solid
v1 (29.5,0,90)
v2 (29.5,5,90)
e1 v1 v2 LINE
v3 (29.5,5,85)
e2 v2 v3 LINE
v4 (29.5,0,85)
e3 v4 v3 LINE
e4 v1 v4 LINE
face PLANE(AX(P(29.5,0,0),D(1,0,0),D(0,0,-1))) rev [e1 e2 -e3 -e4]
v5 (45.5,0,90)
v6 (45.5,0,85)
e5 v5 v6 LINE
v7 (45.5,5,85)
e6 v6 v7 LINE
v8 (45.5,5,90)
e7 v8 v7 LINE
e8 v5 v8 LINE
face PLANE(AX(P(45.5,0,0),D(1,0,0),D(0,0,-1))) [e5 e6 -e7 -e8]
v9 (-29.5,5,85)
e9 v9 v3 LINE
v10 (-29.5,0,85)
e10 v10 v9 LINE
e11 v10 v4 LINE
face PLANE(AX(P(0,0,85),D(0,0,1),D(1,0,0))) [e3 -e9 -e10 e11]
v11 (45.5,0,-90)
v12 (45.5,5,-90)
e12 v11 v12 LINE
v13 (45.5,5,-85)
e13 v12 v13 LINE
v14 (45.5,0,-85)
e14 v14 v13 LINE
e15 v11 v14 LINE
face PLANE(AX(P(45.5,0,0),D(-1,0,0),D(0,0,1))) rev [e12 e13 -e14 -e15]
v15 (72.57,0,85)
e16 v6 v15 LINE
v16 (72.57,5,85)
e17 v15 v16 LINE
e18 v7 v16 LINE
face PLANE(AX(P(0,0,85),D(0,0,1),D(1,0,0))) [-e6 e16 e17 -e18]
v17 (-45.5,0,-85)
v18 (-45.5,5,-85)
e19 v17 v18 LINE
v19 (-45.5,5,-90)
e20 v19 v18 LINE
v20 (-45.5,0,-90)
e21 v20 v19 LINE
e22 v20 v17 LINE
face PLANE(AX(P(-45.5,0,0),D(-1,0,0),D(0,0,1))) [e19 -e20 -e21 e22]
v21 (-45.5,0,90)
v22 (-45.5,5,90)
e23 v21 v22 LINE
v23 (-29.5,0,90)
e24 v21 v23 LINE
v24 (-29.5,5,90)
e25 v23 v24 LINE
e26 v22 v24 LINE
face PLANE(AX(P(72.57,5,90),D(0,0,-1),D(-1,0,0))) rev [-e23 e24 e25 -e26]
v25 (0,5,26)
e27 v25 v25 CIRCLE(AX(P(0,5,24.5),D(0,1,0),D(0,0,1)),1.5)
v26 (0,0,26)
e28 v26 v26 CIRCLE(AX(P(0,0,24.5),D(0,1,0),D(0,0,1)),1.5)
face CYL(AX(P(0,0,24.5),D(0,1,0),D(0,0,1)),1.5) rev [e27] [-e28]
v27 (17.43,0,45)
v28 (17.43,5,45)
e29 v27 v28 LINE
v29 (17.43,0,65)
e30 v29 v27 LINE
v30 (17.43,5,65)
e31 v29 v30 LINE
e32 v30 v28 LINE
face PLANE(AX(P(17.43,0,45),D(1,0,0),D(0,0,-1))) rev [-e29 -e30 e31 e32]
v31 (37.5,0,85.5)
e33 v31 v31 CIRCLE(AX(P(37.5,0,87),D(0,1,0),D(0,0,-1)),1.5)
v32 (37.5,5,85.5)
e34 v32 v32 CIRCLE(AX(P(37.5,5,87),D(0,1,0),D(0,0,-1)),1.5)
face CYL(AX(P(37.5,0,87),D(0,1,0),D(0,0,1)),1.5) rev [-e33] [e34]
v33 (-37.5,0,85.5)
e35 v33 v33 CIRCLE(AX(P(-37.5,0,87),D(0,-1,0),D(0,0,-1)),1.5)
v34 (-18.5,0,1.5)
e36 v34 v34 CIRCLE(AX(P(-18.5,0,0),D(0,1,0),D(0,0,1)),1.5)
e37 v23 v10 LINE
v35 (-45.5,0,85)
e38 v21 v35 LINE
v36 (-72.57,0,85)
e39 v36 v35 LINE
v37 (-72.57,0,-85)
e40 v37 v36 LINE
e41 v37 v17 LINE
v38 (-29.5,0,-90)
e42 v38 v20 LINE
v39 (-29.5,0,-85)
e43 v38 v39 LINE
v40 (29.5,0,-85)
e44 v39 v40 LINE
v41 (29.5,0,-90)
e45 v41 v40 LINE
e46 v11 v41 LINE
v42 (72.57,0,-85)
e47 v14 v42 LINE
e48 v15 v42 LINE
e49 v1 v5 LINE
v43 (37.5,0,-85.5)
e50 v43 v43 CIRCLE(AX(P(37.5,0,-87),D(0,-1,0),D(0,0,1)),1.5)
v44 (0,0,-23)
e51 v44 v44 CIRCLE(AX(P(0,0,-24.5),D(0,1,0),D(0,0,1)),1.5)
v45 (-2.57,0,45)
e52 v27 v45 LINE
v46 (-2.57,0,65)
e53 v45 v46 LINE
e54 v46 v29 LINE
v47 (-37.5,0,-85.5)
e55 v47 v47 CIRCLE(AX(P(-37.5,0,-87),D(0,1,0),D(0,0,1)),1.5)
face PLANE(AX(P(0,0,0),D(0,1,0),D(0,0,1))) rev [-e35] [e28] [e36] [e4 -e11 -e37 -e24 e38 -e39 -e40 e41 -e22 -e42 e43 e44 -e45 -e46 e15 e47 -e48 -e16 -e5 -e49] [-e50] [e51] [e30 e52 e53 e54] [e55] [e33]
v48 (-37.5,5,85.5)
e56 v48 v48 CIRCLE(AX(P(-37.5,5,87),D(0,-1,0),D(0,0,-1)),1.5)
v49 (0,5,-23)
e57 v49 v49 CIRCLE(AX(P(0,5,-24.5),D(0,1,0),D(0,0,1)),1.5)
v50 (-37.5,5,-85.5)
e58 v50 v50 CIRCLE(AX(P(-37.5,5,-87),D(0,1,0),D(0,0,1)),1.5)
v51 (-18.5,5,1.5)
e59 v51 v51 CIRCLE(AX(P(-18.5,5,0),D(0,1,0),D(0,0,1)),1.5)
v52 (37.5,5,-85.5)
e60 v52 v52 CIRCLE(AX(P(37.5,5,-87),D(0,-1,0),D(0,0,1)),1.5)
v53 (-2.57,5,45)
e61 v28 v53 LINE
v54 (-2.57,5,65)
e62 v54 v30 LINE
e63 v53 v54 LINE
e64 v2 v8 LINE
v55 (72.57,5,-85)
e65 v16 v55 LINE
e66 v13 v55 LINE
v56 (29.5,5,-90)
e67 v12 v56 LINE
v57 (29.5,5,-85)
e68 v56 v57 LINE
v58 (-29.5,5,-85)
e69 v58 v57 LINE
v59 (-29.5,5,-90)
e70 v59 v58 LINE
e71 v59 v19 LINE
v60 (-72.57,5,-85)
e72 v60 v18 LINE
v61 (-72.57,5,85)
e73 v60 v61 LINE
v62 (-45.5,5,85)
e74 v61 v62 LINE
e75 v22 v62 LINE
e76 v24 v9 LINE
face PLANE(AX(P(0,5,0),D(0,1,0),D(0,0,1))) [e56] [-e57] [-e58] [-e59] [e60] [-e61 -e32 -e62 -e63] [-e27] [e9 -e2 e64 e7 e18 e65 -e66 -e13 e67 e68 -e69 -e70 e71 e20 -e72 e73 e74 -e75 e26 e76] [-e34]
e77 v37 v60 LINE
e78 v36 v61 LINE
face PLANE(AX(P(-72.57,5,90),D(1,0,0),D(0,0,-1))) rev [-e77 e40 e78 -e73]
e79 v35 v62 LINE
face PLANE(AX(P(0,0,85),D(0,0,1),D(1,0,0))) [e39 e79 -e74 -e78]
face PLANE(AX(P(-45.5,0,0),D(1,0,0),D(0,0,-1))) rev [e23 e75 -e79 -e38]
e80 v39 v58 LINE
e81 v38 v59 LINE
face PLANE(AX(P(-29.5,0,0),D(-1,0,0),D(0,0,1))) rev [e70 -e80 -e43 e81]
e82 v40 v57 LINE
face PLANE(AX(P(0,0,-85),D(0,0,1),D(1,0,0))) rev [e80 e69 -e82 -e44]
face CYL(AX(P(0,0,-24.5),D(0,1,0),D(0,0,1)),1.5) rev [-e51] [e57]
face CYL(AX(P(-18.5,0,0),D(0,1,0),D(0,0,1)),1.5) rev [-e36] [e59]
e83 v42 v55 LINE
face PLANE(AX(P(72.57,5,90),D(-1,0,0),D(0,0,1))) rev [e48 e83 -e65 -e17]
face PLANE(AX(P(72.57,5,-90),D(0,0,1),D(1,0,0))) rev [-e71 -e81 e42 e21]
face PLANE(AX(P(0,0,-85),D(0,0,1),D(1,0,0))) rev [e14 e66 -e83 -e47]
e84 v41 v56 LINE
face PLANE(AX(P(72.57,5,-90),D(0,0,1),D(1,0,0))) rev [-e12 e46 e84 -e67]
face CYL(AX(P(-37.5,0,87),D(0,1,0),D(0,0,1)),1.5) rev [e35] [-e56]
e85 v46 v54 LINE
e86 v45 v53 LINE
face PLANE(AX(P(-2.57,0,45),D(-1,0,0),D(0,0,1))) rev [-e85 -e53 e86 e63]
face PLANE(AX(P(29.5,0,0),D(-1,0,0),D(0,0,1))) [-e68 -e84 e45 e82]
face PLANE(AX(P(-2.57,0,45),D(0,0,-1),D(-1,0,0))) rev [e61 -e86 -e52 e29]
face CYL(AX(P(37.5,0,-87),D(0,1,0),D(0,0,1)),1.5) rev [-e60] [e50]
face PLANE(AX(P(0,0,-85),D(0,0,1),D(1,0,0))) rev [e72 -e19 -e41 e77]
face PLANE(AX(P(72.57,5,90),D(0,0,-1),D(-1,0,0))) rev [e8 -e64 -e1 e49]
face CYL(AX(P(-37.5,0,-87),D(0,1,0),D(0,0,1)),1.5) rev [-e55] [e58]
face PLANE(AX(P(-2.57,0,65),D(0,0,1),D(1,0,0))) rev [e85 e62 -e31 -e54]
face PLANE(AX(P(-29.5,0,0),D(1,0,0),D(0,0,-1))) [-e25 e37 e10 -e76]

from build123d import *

# Parameters (mm, degrees)
CROQUIS1_W                = 145.14
CROQUIS1_H                = 180
SALIENTE_EXTRUIR1_DEPTH   = 5
CROQUIS2_W                = 59
CROQUIS2_H                = 5
CROQUIS2_W_2              = 27.07
CORTAR_EXTRUIR1_DEPTH     = 116.721237895
CROQUIS3_R                = 1.5
CORTAR_EXTRUIR2_DEPTH     = 116.721237895
SIMETR_A3_COPY_1_SKETCH_R = 1.5
SIMETR_A3_COPY_1_DEPTH    = 116.721237895
CROQUIS4_R                = 1.5
CORTAR_EXTRUIR3_DEPTH     = 116.721237895
CROQUIS5_W                = 20
CROQUIS5_H                = 20
CORTAR_EXTRUIR4_DEPTH     = 116.721237895


with BuildPart() as part:
    # Croquis1 → Saliente-Extruir1 (new body)
    with BuildSketch(Plane(origin=(0, 0, 0), x_dir=(1, 0, 0), z_dir=(0, 1, 0))):
        Rectangle(CROQUIS1_W, CROQUIS1_H)
    extrude(amount=SALIENTE_EXTRUIR1_DEPTH)

    # Croquis2 → Cortar-Extruir1 (cut, through all)
    with BuildSketch(Plane(origin=(0, 5, 0), x_dir=(1, 0, 0), z_dir=(0, 1, 0))):
        with Locations((0, 87.5)):
            Rectangle(CROQUIS2_W, CROQUIS2_H)
        with Locations((-59.035, 87.5)):
            Rectangle(CROQUIS2_W_2, CROQUIS2_H)
        with Locations((59.035, 87.5)):
            Rectangle(CROQUIS2_W_2, CROQUIS2_H)
    cortar_extruir1 = extrude(amount=-CORTAR_EXTRUIR1_DEPTH, mode=Mode.SUBTRACT)

    # Simetría1: Cortar-Extruir1 across plane
    add(cortar_extruir1.mirror(Plane.XY), mode=Mode.SUBTRACT)

    # Croquis3 → Cortar-Extruir2 (cut, through all)
    with BuildSketch(Plane(origin=(0, 5, 0), x_dir=(1, 0, 0), z_dir=(0, 1, 0))):
        with Locations(Location((-37.5, 87, 0), (0, 0, 270))):
            Circle(CROQUIS3_R)
    cortar_extruir2 = extrude(amount=-CORTAR_EXTRUIR2_DEPTH, mode=Mode.SUBTRACT)

    # Simetría2: Cortar-Extruir2 across plane
    add(cortar_extruir2.mirror(Plane(origin=(0, 0, 0), x_dir=(0, 0, 1), z_dir=(1, 0, 0))), mode=Mode.SUBTRACT)

    # Simetría3: Cortar-Extruir2 across plane
    add(cortar_extruir2.mirror(Plane.XY), mode=Mode.SUBTRACT)

    # Simetría3 copy 1 sketch → Simetría3 copy 1 (cut, through all)
    with BuildSketch(Plane(origin=(0, 5, 0), x_dir=(-1, 0, 0), z_dir=(0, 1, 0))):
        with Locations(Location((-37.5, 87, 0), (0, 0, 270))):
            Circle(SIMETR_A3_COPY_1_SKETCH_R)
    extrude(amount=-SIMETR_A3_COPY_1_DEPTH, mode=Mode.SUBTRACT)

    # Croquis4 → Cortar-Extruir3 (cut, through all)
    with BuildSketch(Plane(origin=(0, 5, 0), x_dir=(1, 0, 0), z_dir=(0, 1, 0))):
        with Locations(Location((0, 24.5, 0), (0, 0, 270))):
            Circle(CROQUIS4_R)
        with Locations(Location((0, -24.5, 0), (0, 0, 270))):
            Circle(CROQUIS4_R)
        with Locations(Location((-18.5, 0, 0), (0, 0, 270))):
            Circle(CROQUIS4_R)
    extrude(amount=-CORTAR_EXTRUIR3_DEPTH, mode=Mode.SUBTRACT)

    # Croquis5 → Cortar-Extruir4 (cut, through all)
    with BuildSketch(Plane(origin=(0, 5, 0), x_dir=(1, 0, 0), z_dir=(0, 1, 0))):
        with Locations((7.43, -55)):
            Rectangle(CROQUIS5_W, CROQUIS5_H)
    extrude(amount=-CORTAR_EXTRUIR4_DEPTH, mode=Mode.SUBTRACT)


solid = part.part
